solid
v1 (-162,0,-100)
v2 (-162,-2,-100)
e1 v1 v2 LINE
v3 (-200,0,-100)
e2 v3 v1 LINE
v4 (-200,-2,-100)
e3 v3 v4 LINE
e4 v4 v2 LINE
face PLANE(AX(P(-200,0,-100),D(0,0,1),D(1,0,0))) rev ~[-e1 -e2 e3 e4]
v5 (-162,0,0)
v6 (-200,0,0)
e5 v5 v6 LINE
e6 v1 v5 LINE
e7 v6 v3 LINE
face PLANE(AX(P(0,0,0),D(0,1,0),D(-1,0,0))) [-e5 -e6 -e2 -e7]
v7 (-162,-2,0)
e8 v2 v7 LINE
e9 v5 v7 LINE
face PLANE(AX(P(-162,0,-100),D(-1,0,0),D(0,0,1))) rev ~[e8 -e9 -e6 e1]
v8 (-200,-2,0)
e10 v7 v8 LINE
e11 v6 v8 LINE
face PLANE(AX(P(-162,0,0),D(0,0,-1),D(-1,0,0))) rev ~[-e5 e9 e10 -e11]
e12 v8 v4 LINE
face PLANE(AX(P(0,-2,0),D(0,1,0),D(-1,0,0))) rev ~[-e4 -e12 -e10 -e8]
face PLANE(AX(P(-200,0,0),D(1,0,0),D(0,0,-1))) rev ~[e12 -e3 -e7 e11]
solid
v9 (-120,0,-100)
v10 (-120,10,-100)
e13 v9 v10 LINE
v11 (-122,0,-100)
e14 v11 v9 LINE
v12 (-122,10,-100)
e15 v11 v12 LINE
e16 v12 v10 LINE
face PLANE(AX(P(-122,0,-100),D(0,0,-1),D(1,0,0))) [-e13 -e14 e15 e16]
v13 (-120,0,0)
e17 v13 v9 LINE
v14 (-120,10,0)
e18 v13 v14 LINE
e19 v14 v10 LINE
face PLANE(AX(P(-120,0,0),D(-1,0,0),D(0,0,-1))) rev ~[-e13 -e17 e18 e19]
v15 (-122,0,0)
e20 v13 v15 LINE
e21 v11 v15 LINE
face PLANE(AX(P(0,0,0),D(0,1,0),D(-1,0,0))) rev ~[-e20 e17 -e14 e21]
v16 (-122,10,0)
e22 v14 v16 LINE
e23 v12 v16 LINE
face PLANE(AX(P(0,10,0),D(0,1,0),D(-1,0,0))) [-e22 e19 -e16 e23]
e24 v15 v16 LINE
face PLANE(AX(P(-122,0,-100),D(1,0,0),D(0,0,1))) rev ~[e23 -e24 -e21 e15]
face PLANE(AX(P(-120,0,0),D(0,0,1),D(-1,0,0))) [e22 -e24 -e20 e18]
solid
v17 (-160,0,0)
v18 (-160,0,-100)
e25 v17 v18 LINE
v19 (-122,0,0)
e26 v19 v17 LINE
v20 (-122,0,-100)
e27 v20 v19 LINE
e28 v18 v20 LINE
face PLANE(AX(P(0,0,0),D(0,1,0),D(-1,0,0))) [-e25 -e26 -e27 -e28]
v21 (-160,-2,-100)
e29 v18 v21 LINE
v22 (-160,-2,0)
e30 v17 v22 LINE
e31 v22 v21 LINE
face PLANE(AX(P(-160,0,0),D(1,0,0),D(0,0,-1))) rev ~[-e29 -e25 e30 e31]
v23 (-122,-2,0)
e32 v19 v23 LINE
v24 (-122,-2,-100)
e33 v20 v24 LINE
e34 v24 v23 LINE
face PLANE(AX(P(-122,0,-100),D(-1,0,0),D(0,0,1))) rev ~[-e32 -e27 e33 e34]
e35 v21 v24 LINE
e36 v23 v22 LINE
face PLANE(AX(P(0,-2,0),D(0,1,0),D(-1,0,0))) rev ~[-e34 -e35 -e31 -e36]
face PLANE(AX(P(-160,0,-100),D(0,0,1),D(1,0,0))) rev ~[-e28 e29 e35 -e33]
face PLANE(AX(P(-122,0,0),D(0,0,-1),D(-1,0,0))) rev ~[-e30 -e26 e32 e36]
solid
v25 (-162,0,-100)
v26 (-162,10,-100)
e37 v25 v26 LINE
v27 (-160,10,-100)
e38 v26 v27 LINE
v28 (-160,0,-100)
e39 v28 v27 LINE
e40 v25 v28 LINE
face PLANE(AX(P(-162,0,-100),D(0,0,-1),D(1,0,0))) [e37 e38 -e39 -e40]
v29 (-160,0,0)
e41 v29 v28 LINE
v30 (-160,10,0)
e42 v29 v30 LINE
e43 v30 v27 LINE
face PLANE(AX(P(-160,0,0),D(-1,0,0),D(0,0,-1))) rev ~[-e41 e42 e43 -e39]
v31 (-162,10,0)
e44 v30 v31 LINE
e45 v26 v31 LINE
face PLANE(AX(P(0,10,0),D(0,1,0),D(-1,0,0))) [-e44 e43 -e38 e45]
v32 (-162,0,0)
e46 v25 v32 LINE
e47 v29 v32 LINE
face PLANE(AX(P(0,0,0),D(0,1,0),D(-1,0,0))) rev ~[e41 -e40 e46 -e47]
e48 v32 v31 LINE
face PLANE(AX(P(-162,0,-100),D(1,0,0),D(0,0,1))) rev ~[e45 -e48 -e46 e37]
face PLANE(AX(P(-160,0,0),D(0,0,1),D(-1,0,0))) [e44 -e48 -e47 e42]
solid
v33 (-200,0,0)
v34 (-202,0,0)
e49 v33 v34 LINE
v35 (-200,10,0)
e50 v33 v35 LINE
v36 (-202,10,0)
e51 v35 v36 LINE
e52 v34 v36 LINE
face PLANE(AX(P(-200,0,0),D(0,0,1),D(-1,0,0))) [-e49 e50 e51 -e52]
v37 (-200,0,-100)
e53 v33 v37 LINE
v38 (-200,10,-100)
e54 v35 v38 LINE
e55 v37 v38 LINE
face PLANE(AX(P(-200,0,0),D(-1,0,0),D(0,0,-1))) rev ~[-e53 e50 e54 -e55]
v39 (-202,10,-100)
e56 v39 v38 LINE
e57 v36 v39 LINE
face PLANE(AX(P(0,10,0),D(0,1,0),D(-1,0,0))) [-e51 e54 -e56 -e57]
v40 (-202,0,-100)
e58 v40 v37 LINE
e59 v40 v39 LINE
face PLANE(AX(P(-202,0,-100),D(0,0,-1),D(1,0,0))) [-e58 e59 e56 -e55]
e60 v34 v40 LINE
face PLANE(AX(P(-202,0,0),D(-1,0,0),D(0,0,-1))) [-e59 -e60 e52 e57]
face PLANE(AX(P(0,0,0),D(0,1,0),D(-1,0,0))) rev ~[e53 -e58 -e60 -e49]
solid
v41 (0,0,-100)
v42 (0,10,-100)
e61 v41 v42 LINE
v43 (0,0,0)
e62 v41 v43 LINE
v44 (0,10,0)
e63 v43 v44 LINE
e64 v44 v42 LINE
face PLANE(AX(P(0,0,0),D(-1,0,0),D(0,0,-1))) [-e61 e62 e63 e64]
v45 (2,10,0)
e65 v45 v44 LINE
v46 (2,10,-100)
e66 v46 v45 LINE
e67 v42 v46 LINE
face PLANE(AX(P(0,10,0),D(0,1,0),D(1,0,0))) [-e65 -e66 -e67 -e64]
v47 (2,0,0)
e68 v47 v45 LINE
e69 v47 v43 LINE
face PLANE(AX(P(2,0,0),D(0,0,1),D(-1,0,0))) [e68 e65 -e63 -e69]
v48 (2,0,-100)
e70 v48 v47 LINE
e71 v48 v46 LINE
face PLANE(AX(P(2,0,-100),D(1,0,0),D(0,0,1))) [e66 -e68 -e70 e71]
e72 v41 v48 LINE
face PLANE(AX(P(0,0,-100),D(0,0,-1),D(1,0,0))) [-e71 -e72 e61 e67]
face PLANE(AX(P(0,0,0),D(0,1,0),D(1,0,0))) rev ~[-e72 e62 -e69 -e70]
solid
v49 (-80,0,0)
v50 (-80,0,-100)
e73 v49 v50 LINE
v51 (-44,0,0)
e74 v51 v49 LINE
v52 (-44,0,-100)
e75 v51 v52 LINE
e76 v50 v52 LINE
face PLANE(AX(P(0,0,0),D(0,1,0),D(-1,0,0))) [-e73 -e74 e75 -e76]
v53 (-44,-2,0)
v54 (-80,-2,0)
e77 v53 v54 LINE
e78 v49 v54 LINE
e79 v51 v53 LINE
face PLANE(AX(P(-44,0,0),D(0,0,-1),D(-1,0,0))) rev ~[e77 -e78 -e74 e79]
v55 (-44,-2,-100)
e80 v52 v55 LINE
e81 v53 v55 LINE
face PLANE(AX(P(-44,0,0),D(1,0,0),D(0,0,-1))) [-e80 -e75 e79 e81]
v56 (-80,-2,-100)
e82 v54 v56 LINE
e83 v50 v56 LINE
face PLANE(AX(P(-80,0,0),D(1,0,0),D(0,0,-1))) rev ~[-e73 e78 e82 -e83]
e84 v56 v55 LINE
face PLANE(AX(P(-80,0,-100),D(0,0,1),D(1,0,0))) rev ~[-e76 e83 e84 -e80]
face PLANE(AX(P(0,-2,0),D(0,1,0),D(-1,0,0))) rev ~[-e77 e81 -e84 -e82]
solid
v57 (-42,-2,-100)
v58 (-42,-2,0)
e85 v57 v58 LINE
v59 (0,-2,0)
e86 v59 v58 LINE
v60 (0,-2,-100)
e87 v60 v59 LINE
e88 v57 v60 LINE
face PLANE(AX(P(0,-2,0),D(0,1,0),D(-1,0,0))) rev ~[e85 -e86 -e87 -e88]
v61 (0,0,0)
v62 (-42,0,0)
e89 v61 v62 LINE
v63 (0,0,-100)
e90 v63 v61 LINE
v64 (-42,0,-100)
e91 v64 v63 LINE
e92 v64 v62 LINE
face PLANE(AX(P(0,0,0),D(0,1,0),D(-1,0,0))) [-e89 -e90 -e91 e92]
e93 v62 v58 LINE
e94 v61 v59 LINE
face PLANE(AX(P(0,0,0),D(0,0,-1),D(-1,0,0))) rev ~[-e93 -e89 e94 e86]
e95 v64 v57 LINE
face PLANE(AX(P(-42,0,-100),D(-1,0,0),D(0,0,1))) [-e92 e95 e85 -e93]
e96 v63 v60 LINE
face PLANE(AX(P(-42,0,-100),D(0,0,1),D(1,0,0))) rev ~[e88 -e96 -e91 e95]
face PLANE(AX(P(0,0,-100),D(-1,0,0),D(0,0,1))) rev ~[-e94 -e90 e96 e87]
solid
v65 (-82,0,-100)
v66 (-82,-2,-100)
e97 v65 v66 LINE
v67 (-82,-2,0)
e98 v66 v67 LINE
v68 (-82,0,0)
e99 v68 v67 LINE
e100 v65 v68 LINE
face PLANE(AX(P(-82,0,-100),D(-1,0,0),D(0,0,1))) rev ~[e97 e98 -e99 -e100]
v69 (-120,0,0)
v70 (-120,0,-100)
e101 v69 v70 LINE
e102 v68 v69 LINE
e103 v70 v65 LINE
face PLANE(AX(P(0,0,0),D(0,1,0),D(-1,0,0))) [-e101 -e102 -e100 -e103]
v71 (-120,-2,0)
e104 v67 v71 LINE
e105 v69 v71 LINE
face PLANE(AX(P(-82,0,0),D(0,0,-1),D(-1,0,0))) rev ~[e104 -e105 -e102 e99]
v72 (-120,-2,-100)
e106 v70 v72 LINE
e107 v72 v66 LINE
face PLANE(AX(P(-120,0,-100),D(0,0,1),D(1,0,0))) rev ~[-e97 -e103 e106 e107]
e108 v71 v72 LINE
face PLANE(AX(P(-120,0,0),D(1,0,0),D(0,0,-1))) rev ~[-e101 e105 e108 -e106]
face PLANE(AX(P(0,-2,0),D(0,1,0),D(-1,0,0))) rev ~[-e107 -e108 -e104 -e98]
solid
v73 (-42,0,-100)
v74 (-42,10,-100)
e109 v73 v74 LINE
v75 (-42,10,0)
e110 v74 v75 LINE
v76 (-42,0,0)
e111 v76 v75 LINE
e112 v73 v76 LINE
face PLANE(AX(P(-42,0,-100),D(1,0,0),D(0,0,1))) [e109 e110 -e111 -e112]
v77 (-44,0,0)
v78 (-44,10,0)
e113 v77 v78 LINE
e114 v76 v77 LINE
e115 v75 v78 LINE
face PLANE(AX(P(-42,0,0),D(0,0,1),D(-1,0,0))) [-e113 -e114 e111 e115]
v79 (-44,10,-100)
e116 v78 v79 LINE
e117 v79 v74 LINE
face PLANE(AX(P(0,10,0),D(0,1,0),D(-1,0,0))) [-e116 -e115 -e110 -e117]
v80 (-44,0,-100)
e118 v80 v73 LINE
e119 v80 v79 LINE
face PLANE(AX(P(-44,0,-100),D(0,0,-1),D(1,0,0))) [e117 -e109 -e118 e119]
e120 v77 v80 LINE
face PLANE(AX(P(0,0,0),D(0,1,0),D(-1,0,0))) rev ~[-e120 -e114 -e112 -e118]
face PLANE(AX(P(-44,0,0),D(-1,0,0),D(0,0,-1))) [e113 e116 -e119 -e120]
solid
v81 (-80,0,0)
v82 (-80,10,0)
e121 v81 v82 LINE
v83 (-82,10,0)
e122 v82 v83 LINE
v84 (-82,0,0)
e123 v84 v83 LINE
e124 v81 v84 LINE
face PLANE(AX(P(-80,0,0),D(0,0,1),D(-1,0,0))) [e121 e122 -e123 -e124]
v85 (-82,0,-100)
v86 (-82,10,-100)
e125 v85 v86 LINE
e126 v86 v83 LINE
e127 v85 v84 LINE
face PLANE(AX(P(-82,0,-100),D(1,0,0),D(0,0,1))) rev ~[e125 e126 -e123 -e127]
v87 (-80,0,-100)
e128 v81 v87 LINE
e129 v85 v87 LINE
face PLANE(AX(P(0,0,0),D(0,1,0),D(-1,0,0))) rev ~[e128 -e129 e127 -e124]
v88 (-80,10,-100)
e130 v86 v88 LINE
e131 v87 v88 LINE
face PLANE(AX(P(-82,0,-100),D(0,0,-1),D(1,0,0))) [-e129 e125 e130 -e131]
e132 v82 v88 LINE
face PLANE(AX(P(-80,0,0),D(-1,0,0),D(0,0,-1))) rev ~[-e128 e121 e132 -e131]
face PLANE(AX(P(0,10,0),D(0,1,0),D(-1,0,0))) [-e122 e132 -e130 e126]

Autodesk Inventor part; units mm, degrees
ref_plane "YZ Plane" through (0, 0, 0) normal (1, 0, 0) x (0, 1, 0)
ref_plane "XZ Plane" through (0, 0, 0) normal (0, 1, 0) x (-1, 0, 0)
ref_plane "XY Plane" through (0, 0, 0) normal (0, 0, 1) x (1, 0, 0)
sketch "Esquisse1" plane through (0, 0, 0) normal (0, 1, 0) x (-1, 0, 0)
  line L0 (0, 0) -> (200, 0)
  line L1 (200, 0) -> (200, -100)
  line L2 (200, -100) -> (0, -100)
  line L3 (0, -100) -> (0, 0)
  line L4 (162, 0) -> (160, 0)
  line L5 (160, 0) -> (160, -100)
  line L6 (160, -100) -> (162, -100)
  line L7 (162, -100) -> (162, 0)
  line L8 (122, 0) -> (120, 0)
  line L9 (120, 0) -> (120, -100)
  line L10 (120, -100) -> (122, -100)
  line L11 (122, -100) -> (122, 0)
  line L12 (82, 0) -> (80, 0)
  line L13 (80, 0) -> (80, -100)
  line L14 (80, -100) -> (82, -100)
  line L15 (82, -100) -> (82, 0)
  line L16 (42, 0) -> (44, 0)
  line L17 (44, 0) -> (44, -100)
  line L18 (44, -100) -> (42, -100)
  line L19 (42, -100) -> (42, 0)
  line L20 (200, 0) -> (0, 0)
  line L21 (0, 0) -> (0, -100)
  line L22 (0, -100) -> (200, -100)
  line L23 (200, -100) -> (200, 0)
  line L24 (200, 0) -> (202, 0)
  line L25 (202, 0) -> (202, -100)
  line L26 (202, -100) -> (200, -100)
  line L27 (200, -100) -> (200, 0)
  dimension "d0" = 100
  dimension "d1" = 200
  dimension "d2" = 38
  dimension "d3" = 2
  dimension "d4" = 38
  dimension "d5" = 2
  dimension "d6" = 38
  dimension "d7" = 2
  dimension "d8" = 38
  dimension "d9" = 2
  dimension "d14" = 2
  dimension "d15" = 100
extrude "Extrusion1" add sketch "Esquisse1" along normal blind 10 contours L0 L17 L2 L19 | L0 L15 L2 L13 | L0 L11 L2 L9 | L0 L7 L2 L5
extrude "Extrusion2" add sketch "Esquisse1" against normal blind 2 contours L0 L19 L2 L3 | L0 L13 L2 L17 | L0 L9 L2 L15 | L0 L5 L2 L11 | L0 L1 L2 L7
extrude "Extrusion3" add sketch "Esquisse1" along normal blind 10 contours L24 L25 L26 L1
sketch "Esquisse2" plane through (0, 0, 0) normal (0, 1, 0) x (1, 0, 0)
  line L0 (0, 100) -> (2, 100)
  line L1 (2, 100) -> (2, 0)
  line L2 (2, 0) -> (0, 0)
  line L3 (0, 0) -> (0, 100)
  dimension "d18" = 100
  dimension "d19" = 2
extrude "Extrusion4" add sketch "Esquisse2" along normal blind 10
properties part number "toboggan"
